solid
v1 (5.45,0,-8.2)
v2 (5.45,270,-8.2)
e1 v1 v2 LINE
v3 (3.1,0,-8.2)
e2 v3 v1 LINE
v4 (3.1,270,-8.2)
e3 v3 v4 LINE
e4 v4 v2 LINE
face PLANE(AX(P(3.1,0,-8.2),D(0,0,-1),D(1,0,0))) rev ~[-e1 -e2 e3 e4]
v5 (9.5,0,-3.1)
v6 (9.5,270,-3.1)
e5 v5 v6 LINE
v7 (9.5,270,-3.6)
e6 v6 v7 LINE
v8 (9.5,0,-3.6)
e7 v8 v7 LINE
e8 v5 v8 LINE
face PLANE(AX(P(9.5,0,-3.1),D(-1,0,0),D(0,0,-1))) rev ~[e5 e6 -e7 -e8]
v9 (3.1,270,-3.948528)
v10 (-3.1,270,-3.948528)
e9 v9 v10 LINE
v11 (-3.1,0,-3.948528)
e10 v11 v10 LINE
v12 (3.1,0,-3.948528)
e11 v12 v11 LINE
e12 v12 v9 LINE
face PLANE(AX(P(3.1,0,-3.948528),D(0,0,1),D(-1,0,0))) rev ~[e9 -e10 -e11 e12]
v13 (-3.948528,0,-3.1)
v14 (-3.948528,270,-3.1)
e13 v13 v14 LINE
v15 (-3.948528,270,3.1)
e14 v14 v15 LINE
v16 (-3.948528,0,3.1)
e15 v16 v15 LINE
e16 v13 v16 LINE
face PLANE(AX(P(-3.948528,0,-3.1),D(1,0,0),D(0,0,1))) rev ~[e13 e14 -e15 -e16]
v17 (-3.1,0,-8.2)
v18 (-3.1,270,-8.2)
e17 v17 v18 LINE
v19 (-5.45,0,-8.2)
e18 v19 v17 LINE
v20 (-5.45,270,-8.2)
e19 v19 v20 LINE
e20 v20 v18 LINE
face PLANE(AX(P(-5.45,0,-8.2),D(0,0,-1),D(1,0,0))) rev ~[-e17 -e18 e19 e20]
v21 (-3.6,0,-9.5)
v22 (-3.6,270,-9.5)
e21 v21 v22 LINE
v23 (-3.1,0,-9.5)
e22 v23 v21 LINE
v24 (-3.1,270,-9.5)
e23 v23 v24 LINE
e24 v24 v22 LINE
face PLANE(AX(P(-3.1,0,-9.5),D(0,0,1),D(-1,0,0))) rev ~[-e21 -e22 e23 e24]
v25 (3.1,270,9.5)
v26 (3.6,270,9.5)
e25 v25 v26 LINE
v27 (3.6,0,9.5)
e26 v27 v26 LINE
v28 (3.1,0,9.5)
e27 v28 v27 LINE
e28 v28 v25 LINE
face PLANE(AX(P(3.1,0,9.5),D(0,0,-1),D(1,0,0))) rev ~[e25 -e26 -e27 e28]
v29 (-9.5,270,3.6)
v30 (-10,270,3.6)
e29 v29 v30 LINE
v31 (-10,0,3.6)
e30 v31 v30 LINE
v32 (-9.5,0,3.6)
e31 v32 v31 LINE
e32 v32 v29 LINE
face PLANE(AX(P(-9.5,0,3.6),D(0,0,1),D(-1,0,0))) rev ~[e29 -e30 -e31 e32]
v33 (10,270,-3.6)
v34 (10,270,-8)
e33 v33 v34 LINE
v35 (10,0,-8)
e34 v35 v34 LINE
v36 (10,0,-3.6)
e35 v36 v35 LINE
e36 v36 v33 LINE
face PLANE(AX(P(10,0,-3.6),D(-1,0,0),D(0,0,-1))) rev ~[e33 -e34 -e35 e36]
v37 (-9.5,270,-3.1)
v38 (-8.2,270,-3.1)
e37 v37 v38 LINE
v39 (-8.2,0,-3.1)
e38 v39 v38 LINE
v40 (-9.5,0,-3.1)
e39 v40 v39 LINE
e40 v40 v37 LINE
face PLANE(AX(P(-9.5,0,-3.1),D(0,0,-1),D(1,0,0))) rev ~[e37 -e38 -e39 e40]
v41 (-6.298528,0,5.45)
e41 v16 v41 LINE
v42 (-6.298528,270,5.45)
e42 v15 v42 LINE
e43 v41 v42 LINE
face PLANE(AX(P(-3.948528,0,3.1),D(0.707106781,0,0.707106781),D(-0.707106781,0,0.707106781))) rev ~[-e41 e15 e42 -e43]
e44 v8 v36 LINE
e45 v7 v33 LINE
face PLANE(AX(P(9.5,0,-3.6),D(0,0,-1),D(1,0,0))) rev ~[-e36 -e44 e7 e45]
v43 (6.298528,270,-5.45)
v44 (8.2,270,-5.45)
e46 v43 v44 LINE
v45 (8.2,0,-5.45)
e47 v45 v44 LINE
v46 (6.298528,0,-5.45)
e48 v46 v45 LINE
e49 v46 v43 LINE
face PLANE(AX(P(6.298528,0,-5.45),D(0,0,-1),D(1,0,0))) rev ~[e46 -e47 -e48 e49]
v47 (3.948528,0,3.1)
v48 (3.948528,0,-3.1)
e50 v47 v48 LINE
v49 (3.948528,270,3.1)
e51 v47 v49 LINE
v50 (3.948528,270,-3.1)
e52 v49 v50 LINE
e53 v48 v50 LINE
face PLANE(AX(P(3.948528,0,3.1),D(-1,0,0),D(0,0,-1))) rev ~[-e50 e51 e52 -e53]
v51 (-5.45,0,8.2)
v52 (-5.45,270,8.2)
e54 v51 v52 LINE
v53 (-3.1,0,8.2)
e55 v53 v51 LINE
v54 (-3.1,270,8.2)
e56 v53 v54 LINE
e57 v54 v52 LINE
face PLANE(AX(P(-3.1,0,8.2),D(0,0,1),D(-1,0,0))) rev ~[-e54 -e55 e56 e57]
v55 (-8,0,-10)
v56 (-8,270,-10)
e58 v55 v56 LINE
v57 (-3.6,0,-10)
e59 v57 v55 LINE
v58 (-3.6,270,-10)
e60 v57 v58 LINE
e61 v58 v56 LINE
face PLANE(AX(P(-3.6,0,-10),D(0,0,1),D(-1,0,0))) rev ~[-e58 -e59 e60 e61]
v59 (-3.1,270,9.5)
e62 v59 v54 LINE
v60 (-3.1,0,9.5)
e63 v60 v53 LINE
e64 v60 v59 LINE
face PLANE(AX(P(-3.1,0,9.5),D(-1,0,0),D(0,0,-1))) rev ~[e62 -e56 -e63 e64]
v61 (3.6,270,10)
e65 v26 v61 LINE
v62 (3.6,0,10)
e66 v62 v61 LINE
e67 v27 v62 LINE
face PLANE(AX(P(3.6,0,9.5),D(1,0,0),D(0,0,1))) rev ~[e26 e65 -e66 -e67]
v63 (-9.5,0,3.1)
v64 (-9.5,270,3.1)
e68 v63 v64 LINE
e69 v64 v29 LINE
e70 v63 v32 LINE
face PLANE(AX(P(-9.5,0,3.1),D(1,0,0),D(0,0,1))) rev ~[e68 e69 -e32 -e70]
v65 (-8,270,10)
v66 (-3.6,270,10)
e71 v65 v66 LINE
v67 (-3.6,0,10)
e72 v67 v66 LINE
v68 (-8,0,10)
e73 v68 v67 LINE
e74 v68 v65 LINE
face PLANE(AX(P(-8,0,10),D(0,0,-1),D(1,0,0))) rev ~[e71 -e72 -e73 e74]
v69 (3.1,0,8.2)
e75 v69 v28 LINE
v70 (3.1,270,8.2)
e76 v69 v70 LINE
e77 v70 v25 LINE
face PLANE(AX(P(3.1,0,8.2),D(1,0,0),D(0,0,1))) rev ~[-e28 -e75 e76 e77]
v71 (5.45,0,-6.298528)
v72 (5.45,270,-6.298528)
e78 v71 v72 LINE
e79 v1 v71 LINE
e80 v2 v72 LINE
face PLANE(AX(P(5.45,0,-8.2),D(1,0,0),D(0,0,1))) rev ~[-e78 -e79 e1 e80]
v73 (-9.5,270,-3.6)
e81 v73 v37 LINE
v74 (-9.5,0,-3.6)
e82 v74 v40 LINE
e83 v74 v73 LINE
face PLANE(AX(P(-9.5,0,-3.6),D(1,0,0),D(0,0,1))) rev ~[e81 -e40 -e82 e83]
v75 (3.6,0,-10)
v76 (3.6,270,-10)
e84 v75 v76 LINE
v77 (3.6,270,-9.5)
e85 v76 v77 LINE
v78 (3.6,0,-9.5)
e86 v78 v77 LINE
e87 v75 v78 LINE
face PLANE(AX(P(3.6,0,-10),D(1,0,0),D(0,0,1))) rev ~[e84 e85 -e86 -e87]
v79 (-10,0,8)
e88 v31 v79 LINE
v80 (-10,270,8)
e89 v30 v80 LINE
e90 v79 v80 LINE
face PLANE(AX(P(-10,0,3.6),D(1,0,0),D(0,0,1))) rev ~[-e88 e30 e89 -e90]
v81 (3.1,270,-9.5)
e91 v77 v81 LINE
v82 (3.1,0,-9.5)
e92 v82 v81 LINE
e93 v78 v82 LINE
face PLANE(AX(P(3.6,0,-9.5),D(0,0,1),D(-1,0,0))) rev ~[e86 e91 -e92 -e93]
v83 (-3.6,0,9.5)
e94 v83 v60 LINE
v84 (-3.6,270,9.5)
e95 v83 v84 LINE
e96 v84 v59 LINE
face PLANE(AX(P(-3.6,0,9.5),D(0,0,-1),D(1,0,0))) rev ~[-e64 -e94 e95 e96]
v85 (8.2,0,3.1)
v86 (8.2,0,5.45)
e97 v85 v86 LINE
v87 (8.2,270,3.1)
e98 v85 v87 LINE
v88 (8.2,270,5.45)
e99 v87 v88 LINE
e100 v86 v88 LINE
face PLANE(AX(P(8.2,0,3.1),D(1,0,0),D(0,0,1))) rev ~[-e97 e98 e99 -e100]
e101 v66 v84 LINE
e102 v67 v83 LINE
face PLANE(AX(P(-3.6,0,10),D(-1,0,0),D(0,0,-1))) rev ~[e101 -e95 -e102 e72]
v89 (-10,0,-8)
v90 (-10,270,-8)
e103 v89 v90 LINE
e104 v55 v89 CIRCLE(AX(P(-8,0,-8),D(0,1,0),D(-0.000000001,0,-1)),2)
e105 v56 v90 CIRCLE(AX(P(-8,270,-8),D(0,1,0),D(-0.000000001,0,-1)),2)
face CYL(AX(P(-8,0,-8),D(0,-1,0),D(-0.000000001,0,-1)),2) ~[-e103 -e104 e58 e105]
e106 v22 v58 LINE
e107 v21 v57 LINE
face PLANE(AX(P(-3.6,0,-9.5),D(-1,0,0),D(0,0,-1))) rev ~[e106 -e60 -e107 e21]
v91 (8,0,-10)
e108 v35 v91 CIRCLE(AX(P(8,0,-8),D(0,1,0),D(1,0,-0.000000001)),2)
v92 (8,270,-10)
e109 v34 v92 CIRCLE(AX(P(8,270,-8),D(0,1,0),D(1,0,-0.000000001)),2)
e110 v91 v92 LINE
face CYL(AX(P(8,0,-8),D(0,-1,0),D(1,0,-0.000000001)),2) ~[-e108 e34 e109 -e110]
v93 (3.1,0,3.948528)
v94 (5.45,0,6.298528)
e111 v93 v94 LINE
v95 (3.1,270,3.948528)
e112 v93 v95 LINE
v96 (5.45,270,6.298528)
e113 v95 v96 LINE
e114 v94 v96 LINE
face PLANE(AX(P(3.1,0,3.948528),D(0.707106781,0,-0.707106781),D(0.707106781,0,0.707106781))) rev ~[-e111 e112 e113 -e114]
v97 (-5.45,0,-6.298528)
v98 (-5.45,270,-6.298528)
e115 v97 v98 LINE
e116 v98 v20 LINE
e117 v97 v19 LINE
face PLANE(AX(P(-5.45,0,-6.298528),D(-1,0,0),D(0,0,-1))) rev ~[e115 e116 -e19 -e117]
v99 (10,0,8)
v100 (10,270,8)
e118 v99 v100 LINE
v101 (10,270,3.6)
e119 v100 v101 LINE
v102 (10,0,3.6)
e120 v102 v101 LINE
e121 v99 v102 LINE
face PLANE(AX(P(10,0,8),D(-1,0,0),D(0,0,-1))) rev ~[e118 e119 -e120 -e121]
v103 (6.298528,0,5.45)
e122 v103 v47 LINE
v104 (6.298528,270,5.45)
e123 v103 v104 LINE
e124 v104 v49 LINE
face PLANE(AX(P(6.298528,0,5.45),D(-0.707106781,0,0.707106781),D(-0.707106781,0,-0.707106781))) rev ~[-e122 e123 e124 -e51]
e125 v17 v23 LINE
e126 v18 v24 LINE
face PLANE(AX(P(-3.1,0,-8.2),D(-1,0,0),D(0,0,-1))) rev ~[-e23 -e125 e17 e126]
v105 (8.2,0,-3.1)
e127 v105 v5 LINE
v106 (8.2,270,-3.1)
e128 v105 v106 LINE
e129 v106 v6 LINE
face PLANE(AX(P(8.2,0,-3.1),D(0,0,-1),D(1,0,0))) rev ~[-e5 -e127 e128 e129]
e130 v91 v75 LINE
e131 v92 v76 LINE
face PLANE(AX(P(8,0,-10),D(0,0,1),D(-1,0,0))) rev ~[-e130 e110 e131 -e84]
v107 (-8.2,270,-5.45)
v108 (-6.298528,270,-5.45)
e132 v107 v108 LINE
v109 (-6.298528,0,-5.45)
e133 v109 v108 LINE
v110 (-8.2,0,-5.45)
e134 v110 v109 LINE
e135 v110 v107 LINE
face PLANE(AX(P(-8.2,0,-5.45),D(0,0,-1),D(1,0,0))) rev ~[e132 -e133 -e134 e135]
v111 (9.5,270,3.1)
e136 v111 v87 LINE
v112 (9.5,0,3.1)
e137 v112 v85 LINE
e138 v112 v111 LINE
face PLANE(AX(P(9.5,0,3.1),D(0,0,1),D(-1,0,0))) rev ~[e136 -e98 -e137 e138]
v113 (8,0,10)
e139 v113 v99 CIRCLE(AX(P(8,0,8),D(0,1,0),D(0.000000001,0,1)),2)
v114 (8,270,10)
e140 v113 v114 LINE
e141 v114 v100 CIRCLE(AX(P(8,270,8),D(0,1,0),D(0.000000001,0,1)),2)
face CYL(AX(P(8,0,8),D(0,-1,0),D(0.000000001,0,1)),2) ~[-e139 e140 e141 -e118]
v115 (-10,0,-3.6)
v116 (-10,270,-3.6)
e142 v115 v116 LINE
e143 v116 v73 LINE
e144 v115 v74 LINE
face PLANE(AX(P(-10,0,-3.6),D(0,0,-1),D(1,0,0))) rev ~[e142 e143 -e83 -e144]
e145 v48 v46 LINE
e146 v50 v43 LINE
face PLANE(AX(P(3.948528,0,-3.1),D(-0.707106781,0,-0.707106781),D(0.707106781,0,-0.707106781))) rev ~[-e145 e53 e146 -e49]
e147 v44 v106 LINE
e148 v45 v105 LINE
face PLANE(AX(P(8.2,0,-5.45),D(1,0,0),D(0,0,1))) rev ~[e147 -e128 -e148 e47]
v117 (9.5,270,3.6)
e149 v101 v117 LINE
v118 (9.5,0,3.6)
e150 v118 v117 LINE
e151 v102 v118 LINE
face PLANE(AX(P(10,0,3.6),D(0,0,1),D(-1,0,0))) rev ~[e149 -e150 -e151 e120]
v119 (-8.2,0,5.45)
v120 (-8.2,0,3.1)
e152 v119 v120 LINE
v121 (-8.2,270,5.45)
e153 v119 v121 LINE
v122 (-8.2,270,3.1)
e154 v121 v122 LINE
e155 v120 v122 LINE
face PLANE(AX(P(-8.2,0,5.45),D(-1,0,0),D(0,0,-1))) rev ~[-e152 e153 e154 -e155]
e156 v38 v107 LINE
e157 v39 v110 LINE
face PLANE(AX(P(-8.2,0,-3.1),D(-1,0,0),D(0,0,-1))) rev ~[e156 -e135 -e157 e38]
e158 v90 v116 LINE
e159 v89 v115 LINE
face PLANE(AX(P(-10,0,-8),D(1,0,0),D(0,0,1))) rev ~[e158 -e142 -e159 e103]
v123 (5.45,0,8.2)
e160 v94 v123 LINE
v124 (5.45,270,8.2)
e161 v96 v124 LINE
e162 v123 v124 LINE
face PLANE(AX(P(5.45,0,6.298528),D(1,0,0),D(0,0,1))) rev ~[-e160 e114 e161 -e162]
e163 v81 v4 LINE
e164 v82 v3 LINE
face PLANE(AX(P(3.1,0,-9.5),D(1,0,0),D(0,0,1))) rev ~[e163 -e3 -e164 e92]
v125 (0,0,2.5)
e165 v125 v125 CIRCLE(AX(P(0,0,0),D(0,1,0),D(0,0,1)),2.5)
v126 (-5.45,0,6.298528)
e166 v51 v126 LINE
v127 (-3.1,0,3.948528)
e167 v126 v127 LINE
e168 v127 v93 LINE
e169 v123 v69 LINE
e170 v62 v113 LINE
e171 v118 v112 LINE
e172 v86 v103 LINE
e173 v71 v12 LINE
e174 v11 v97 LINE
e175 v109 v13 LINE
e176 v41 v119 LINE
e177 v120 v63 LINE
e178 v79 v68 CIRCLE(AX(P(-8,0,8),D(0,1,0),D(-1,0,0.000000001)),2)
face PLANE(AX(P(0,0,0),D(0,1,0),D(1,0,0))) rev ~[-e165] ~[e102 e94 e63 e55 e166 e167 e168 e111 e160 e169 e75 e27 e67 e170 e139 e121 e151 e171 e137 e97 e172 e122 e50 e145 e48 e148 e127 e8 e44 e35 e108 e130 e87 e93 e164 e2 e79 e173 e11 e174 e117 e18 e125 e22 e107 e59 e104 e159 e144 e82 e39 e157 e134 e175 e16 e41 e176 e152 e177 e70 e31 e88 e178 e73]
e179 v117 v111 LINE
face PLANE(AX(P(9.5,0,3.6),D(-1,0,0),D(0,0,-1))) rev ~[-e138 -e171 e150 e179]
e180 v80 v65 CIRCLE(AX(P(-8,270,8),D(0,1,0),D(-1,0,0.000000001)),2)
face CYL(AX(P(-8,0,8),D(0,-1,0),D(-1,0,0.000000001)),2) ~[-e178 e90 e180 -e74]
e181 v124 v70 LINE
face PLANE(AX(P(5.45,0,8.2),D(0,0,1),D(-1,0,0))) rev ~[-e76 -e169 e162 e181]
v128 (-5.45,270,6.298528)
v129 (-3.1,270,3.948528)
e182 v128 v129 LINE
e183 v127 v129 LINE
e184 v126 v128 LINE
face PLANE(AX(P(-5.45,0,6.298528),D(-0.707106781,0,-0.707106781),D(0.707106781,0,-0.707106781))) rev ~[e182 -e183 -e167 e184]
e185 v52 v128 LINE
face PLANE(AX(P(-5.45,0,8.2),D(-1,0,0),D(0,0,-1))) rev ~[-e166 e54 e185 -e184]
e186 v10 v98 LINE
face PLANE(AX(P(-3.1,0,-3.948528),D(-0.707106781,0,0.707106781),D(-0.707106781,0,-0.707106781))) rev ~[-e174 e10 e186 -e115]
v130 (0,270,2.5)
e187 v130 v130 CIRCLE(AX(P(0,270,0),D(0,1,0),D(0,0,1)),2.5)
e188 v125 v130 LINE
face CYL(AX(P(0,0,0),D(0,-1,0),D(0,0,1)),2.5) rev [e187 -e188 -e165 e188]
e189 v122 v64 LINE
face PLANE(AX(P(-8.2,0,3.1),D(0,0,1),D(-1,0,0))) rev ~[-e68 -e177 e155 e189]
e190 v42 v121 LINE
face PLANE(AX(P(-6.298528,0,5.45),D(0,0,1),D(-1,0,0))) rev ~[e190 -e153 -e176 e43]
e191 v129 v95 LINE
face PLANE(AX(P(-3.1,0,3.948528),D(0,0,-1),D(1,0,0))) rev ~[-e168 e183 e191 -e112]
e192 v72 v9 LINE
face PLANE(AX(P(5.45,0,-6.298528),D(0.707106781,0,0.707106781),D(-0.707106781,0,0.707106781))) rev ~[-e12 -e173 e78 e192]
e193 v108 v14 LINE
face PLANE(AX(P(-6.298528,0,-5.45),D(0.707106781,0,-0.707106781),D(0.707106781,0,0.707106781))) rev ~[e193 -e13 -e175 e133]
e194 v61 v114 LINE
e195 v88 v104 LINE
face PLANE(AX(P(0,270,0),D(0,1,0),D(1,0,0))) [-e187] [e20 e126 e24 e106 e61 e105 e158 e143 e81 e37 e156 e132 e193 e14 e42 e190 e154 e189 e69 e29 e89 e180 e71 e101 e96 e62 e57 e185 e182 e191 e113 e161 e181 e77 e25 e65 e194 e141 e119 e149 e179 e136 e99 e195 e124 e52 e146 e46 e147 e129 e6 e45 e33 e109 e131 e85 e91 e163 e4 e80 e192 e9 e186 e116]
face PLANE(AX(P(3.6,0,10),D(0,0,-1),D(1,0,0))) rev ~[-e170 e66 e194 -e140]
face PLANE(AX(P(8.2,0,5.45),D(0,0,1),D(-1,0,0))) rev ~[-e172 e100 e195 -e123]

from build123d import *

# Parameters (mm, degrees)
SKETCH_1_R      = 2.5
EXTRUDE_1_DEPTH = 270


with BuildPart() as part:
    # 草图1 → 凸台-拉伸1 (new body)
    with BuildSketch(Plane(origin=(0, 0, 0), x_dir=(1, 0, 0), z_dir=(0, 1, 0))):
        with BuildLine():
            Line((-3.948528137, -3.1), (-6.298528137, -5.45))
            Line((-6.298528137, -5.45), (-8.2, -5.45))
            Line((-8.2, -5.45), (-8.2, -3.1))
            Line((-8.2, -3.1), (-9.5, -3.1))
            Line((-9.5, -3.1), (-9.5, -3.6))
            Line((-9.5, -3.6), (-10, -3.6))
            Line((-10, -3.6), (-10, -8))
            ThreePointArc((-10, -8), (-9.414213562, -9.414213562), (-8, -10))
            Line((-8, -10), (-3.6, -10))
            Line((-3.6, -10), (-3.6, -9.5))
            Line((-3.6, -9.5), (-3.1, -9.5))
            Line((-3.1, -9.5), (-3.1, -8.2))
            Line((-3.1, -8.2), (-5.45, -8.2))
            Line((-5.45, -8.2), (-5.45, -6.298528137))
            Line((-5.45, -6.298528137), (-3.1, -3.948528137))
            Line((-3.1, -3.948528137), (0, -3.948528137))
            Line((0, -3.948528137), (3.1, -3.948528137))
            Line((3.1, -3.948528137), (5.45, -6.298528137))
            Line((5.45, -6.298528137), (5.45, -8.2))
            Line((5.45, -8.2), (3.1, -8.2))
            Line((3.1, -8.2), (3.1, -9.5))
            Line((3.1, -9.5), (3.6, -9.5))
            Line((3.6, -9.5), (3.6, -10))
            Line((3.6, -10), (8, -10))
            ThreePointArc((8, -10), (9.414213562, -9.414213562), (10, -8))
            Line((10, -8), (10, -3.6))
            Line((10, -3.6), (9.5, -3.6))
            Line((9.5, -3.6), (9.5, -3.1))
            Line((9.5, -3.1), (8.2, -3.1))
            Line((8.2, -3.1), (8.2, -5.45))
            Line((8.2, -5.45), (6.298528137, -5.45))
            Line((6.298528137, -5.45), (3.948528137, -3.1))
            Line((3.948528137, -3.1), (3.948528137, 0))
            Line((3.948528137, 0), (3.948528137, 3.1))
            Line((3.948528137, 3.1), (6.298528137, 5.45))
            Line((6.298528137, 5.45), (8.2, 5.45))
            Line((8.2, 5.45), (8.2, 3.1))
            Line((8.2, 3.1), (9.5, 3.1))
            Line((9.5, 3.1), (9.5, 3.6))
            Line((9.5, 3.6), (10, 3.6))
            Line((10, 3.6), (10, 8))
            ThreePointArc((10, 8), (9.414213562, 9.414213562), (8, 10))
            Line((8, 10), (3.6, 10))
            Line((3.6, 10), (3.6, 9.5))
            Line((3.6, 9.5), (3.1, 9.5))
            Line((3.1, 9.5), (3.1, 8.2))
            Line((3.1, 8.2), (5.45, 8.2))
            Line((5.45, 8.2), (5.45, 6.298528137))
            Line((5.45, 6.298528137), (3.1, 3.948528137))
            Line((3.1, 3.948528137), (0, 3.948528137))
            Line((0, 3.948528137), (-3.1, 3.948528137))
            Line((-3.1, 3.948528137), (-5.45, 6.298528137))
            Line((-5.45, 6.298528137), (-5.45, 8.2))
            Line((-5.45, 8.2), (-3.1, 8.2))
            Line((-3.1, 8.2), (-3.1, 9.5))
            Line((-3.1, 9.5), (-3.6, 9.5))
            Line((-3.6, 9.5), (-3.6, 10))
            Line((-3.6, 10), (-8, 10))
            ThreePointArc((-8, 10), (-9.414213562, 9.414213562), (-10, 8))
            Line((-10, 8), (-10, 3.6))
            Line((-10, 3.6), (-9.5, 3.6))
            Line((-9.5, 3.6), (-9.5, 3.1))
            Line((-9.5, 3.1), (-8.2, 3.1))
            Line((-8.2, 3.1), (-8.2, 5.45))
            Line((-8.2, 5.45), (-6.298528137, 5.45))
            Line((-6.298528137, 5.45), (-3.948528137, 3.1))
            Line((-3.948528137, 3.1), (-3.948528137, 0))
            Line((-3.948528137, 0), (-3.948528137, -3.1))
        make_face()
        with Locations(Location((0, 0, 0), (0, 0, 270))):
            Circle(SKETCH_1_R, mode=Mode.SUBTRACT)
    extrude(amount=EXTRUDE_1_DEPTH)


solid = part.part
